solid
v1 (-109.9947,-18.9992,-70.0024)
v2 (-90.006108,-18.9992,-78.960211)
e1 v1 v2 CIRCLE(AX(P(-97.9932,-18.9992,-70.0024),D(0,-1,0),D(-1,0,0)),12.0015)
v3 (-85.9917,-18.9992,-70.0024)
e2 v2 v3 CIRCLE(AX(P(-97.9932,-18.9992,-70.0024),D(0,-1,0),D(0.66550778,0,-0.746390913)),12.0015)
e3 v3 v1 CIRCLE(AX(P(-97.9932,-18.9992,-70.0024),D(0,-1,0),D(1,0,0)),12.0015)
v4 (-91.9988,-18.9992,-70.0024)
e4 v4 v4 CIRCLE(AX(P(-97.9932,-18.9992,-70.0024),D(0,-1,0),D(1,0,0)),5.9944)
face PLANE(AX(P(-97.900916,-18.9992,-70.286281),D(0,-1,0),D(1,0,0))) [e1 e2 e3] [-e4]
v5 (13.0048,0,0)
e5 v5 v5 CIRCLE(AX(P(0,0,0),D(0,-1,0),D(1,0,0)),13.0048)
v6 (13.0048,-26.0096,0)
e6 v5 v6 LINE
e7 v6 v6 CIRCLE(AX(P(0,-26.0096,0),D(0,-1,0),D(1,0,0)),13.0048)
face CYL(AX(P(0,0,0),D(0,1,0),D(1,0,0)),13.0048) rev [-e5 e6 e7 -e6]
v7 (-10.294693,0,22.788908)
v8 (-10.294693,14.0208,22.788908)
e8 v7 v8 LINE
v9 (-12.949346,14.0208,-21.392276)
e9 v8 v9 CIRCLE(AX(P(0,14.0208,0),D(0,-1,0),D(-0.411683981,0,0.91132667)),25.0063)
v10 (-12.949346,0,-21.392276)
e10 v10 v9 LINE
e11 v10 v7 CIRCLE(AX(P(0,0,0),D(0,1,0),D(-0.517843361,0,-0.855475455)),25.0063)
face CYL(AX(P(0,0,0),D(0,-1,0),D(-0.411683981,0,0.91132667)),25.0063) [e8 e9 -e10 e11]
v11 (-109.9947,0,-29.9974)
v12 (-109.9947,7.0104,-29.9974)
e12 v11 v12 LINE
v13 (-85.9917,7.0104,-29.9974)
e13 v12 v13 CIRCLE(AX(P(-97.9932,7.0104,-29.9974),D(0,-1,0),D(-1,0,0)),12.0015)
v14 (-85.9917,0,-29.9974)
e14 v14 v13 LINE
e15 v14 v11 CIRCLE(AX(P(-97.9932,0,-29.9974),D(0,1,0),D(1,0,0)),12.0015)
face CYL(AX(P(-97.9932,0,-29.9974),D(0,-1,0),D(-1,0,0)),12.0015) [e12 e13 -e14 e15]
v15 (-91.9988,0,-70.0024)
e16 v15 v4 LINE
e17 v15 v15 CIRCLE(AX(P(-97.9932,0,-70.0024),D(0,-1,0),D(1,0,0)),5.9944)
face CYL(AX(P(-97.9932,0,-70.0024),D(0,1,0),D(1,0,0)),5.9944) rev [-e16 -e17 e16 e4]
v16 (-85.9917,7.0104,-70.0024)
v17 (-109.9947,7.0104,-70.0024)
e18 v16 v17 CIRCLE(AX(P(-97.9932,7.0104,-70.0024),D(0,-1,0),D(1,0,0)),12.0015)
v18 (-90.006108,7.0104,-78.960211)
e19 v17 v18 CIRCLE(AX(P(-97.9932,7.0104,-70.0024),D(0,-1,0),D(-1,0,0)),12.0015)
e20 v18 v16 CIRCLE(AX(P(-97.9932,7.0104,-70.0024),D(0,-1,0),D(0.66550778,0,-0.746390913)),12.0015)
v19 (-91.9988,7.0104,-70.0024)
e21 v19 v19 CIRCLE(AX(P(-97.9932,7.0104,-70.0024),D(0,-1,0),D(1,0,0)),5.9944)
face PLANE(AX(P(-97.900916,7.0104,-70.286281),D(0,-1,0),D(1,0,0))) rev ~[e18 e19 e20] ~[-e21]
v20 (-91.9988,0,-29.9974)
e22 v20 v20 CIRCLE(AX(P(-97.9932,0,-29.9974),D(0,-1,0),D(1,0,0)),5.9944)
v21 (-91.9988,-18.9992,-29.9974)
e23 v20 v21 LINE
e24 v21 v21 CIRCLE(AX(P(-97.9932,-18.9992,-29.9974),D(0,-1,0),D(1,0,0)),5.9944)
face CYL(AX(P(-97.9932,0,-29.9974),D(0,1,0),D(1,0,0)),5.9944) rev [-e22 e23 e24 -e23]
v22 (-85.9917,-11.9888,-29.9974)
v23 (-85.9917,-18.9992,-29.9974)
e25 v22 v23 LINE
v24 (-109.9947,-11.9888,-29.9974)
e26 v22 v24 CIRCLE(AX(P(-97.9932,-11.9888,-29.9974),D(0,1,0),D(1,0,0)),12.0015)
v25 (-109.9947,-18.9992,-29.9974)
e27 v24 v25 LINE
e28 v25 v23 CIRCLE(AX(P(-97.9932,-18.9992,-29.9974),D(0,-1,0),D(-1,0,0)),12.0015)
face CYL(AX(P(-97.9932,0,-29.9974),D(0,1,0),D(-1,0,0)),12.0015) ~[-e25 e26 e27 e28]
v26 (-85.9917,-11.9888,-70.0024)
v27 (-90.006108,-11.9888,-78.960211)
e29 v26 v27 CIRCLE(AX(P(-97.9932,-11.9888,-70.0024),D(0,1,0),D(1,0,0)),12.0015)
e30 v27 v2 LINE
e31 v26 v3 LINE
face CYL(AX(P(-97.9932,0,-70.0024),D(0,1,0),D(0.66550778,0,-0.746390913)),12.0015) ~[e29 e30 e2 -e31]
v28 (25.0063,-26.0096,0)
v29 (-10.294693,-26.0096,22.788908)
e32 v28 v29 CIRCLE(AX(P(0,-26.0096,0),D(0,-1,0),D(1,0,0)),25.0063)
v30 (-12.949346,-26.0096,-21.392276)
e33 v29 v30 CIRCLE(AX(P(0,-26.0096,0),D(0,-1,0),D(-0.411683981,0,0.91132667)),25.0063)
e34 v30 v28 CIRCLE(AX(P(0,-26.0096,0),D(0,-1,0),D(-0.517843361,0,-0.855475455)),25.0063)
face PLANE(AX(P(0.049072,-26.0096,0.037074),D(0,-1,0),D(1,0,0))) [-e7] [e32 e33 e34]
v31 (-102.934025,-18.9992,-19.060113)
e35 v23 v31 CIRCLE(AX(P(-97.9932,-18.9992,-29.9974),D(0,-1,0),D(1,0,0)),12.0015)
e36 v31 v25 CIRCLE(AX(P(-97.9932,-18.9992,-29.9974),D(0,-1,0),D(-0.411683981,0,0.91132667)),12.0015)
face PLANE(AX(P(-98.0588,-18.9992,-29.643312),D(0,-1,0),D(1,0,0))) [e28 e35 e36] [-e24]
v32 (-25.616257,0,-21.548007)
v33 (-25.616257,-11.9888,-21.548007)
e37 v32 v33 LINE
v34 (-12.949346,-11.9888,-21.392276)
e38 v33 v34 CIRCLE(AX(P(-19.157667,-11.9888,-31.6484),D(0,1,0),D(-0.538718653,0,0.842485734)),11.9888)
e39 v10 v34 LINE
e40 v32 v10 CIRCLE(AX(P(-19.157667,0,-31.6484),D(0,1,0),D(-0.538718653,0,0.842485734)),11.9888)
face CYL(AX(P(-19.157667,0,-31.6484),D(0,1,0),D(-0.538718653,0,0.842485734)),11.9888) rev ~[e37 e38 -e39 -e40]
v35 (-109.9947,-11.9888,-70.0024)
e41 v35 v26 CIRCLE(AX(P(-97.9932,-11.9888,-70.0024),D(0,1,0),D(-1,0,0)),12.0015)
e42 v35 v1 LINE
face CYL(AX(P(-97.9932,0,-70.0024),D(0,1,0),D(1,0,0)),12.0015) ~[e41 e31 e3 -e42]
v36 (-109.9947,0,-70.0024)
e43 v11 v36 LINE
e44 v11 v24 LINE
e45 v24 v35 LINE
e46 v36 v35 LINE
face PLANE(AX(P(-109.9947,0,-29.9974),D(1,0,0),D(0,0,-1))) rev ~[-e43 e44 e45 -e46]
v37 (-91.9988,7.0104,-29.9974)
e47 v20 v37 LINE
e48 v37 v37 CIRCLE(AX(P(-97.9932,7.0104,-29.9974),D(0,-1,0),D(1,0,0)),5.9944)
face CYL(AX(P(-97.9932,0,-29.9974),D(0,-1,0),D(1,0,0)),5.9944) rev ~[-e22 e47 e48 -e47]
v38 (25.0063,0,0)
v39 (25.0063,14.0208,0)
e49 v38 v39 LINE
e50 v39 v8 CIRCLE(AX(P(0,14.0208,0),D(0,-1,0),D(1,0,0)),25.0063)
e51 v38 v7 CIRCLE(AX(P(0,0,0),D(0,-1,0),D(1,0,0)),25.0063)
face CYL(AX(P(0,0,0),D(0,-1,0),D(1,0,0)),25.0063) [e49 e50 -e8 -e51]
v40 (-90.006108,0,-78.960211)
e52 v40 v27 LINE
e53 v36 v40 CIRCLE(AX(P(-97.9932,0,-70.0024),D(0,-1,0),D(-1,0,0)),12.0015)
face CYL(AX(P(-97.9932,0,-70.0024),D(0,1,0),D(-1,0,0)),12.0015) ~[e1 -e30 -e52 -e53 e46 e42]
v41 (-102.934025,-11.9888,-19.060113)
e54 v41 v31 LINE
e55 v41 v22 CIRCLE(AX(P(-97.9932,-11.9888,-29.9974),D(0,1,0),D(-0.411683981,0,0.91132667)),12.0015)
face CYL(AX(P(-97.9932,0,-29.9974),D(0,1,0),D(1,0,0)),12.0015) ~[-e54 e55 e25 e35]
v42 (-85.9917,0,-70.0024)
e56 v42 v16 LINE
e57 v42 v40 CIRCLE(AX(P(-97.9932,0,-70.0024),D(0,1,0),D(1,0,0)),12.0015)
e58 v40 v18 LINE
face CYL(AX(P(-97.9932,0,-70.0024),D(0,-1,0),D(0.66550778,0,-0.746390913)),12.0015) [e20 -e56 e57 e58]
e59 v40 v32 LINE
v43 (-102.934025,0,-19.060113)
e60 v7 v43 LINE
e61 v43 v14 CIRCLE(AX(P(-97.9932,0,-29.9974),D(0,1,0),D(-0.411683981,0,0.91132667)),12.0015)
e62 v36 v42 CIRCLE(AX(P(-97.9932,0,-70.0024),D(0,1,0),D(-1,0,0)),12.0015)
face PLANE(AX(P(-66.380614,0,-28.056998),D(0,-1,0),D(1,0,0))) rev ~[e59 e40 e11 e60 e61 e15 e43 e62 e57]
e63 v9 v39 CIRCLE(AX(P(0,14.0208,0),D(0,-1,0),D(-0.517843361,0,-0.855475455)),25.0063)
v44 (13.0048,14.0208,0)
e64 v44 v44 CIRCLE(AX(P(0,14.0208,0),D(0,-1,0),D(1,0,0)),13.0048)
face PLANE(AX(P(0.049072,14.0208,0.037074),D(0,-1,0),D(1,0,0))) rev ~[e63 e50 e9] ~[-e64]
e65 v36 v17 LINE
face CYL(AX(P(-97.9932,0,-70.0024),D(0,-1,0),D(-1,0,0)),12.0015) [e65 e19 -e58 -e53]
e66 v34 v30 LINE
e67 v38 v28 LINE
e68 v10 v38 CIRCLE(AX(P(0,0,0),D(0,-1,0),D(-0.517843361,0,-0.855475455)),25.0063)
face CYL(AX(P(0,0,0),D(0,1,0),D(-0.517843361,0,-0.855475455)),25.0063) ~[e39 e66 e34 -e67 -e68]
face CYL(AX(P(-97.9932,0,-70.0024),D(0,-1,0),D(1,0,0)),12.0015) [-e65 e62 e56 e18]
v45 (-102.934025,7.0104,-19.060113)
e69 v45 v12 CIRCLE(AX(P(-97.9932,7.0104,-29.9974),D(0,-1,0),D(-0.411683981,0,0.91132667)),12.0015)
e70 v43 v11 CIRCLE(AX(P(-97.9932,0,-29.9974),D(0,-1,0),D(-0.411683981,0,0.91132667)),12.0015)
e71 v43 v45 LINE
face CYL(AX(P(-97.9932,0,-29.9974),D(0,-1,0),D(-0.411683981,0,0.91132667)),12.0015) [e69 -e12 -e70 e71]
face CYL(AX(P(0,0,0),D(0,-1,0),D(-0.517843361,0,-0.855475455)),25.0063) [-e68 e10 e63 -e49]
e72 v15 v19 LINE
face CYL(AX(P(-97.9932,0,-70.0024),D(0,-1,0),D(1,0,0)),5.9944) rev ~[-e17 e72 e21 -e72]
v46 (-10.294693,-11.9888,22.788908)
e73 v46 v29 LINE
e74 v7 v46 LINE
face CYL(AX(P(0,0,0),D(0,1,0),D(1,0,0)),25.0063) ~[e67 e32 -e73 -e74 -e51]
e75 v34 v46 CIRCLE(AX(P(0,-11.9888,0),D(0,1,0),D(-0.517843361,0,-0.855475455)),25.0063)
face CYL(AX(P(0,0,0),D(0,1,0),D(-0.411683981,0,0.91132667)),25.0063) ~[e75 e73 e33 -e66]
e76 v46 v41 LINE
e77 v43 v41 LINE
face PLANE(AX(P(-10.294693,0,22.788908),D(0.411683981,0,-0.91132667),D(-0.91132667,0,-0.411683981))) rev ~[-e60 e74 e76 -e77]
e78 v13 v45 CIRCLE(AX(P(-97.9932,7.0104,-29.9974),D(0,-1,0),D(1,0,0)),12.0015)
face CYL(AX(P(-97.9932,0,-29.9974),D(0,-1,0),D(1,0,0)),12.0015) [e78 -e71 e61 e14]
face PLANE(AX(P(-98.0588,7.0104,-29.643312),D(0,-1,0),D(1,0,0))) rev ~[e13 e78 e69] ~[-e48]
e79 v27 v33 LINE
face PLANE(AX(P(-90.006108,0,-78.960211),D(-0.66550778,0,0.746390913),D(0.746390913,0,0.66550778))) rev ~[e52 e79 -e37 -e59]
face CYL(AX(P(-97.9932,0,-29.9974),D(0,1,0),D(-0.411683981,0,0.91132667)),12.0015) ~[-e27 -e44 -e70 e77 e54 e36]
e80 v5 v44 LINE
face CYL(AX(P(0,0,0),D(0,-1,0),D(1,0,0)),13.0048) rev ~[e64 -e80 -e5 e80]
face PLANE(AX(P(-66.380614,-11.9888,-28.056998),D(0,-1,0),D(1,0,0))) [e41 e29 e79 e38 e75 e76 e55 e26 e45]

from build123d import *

# Parameters (mm, degrees)
F1_DEPTH      = 11.9888
F0_R          = 5.9944
F2_DEPTH      = 7.0104
F2_DEPTH_BACK = 18.9992
F0_R_2        = 13.0048
F3_DEPTH      = 14.0208
F3_DEPTH_BACK = 26.0096


with BuildPart() as f1:
    # F0 (on Front) → F1 (new body)
    with BuildSketch(Plane.XZ):
        with BuildLine():
            ThreePointArc((-102.9340252947, -19.0601129663), (-91.4840261862, -19.9144114295), (-85.9917, -29.9974))
            ThreePointArc((-85.9917, -29.9974), (-97.9932, -41.9989), (-109.9947, -29.9974))
            Line((-109.9947, -29.9974), (-109.9947, -70.0024))
            ThreePointArc((-109.9947, -70.0024), (-97.9932, -58.0009), (-85.9917, -70.0024))
            ThreePointArc((-85.9917, -70.0024), (-87.0411891719, -74.910501575), (-90.0061083773, -78.9602105395))
            Line((-90.0061083773, -78.9602105395), (-25.6162571026, -21.548007029))
            ThreePointArc((-25.6162571026, -21.548007029), (-19.305050019, -19.660505954), (-12.9493464286, -21.3922758668))
            ThreePointArc((-12.9493464286, -21.3922758668), (-24.9612819832, 1.4998138042), (-10.2946931272, 22.7889081157))
            Line((-10.2946931272, 22.7889081157), (-102.9340252947, -19.0601129663))
        make_face()
    extrude(amount=F1_DEPTH)

    # F0 (on Front) → F2 (join, two sides)
    with BuildSketch(Plane.XZ) as f2_sk:
        with BuildLine():
            ThreePointArc((-109.9947, -29.9974), (-97.9932, -41.9989), (-85.9917, -29.9974))
            ThreePointArc((-85.9917, -29.9974), (-91.4840261862, -19.9144114295), (-102.9340252947, -19.0601129663))
            ThreePointArc((-102.9340252947, -19.0601129663), (-108.0761885705, -23.4882261862), (-109.9947, -29.9974))
        make_face()
        with Locations((-97.9932, -29.9974)):
            Circle(F0_R, mode=Mode.SUBTRACT)
        with BuildLine():
            ThreePointArc((-85.9917, -70.0024), (-97.9932, -58.0009), (-109.9947, -70.0024))
            ThreePointArc((-109.9947, -70.0024), (-102.901301575, -80.9544108281), (-90.0061083773, -78.9602105395))
            ThreePointArc((-90.0061083773, -78.9602105395), (-87.0411891719, -74.910501575), (-85.9917, -70.0024))
        make_face()
        with Locations((-97.9932, -70.0024)):
            Circle(F0_R, mode=Mode.SUBTRACT)
    extrude(amount=-F2_DEPTH)
    extrude(f2_sk.sketch, amount=F2_DEPTH_BACK)

    # F0 (on Front) → F3 (join, two sides)
    with BuildSketch(Plane.XZ) as f3_sk:
        with BuildLine():
            ThreePointArc((25.0063, 0), (13.5625007824, 21.0088936457), (-10.2946931272, 22.7889081157))
            ThreePointArc((-10.2946931272, 22.7889081157), (-24.9612819832, 1.4998138042), (-12.9493464286, -21.3922758668))
            ThreePointArc((-12.9493464286, -21.3922758668), (12.2780250466, -21.7845160755), (25.0063, 0))
        make_face()
        Circle(F0_R_2, mode=Mode.SUBTRACT)
    extrude(amount=-F3_DEPTH)
    extrude(f3_sk.sketch, amount=F3_DEPTH_BACK)


solid = f1.part
